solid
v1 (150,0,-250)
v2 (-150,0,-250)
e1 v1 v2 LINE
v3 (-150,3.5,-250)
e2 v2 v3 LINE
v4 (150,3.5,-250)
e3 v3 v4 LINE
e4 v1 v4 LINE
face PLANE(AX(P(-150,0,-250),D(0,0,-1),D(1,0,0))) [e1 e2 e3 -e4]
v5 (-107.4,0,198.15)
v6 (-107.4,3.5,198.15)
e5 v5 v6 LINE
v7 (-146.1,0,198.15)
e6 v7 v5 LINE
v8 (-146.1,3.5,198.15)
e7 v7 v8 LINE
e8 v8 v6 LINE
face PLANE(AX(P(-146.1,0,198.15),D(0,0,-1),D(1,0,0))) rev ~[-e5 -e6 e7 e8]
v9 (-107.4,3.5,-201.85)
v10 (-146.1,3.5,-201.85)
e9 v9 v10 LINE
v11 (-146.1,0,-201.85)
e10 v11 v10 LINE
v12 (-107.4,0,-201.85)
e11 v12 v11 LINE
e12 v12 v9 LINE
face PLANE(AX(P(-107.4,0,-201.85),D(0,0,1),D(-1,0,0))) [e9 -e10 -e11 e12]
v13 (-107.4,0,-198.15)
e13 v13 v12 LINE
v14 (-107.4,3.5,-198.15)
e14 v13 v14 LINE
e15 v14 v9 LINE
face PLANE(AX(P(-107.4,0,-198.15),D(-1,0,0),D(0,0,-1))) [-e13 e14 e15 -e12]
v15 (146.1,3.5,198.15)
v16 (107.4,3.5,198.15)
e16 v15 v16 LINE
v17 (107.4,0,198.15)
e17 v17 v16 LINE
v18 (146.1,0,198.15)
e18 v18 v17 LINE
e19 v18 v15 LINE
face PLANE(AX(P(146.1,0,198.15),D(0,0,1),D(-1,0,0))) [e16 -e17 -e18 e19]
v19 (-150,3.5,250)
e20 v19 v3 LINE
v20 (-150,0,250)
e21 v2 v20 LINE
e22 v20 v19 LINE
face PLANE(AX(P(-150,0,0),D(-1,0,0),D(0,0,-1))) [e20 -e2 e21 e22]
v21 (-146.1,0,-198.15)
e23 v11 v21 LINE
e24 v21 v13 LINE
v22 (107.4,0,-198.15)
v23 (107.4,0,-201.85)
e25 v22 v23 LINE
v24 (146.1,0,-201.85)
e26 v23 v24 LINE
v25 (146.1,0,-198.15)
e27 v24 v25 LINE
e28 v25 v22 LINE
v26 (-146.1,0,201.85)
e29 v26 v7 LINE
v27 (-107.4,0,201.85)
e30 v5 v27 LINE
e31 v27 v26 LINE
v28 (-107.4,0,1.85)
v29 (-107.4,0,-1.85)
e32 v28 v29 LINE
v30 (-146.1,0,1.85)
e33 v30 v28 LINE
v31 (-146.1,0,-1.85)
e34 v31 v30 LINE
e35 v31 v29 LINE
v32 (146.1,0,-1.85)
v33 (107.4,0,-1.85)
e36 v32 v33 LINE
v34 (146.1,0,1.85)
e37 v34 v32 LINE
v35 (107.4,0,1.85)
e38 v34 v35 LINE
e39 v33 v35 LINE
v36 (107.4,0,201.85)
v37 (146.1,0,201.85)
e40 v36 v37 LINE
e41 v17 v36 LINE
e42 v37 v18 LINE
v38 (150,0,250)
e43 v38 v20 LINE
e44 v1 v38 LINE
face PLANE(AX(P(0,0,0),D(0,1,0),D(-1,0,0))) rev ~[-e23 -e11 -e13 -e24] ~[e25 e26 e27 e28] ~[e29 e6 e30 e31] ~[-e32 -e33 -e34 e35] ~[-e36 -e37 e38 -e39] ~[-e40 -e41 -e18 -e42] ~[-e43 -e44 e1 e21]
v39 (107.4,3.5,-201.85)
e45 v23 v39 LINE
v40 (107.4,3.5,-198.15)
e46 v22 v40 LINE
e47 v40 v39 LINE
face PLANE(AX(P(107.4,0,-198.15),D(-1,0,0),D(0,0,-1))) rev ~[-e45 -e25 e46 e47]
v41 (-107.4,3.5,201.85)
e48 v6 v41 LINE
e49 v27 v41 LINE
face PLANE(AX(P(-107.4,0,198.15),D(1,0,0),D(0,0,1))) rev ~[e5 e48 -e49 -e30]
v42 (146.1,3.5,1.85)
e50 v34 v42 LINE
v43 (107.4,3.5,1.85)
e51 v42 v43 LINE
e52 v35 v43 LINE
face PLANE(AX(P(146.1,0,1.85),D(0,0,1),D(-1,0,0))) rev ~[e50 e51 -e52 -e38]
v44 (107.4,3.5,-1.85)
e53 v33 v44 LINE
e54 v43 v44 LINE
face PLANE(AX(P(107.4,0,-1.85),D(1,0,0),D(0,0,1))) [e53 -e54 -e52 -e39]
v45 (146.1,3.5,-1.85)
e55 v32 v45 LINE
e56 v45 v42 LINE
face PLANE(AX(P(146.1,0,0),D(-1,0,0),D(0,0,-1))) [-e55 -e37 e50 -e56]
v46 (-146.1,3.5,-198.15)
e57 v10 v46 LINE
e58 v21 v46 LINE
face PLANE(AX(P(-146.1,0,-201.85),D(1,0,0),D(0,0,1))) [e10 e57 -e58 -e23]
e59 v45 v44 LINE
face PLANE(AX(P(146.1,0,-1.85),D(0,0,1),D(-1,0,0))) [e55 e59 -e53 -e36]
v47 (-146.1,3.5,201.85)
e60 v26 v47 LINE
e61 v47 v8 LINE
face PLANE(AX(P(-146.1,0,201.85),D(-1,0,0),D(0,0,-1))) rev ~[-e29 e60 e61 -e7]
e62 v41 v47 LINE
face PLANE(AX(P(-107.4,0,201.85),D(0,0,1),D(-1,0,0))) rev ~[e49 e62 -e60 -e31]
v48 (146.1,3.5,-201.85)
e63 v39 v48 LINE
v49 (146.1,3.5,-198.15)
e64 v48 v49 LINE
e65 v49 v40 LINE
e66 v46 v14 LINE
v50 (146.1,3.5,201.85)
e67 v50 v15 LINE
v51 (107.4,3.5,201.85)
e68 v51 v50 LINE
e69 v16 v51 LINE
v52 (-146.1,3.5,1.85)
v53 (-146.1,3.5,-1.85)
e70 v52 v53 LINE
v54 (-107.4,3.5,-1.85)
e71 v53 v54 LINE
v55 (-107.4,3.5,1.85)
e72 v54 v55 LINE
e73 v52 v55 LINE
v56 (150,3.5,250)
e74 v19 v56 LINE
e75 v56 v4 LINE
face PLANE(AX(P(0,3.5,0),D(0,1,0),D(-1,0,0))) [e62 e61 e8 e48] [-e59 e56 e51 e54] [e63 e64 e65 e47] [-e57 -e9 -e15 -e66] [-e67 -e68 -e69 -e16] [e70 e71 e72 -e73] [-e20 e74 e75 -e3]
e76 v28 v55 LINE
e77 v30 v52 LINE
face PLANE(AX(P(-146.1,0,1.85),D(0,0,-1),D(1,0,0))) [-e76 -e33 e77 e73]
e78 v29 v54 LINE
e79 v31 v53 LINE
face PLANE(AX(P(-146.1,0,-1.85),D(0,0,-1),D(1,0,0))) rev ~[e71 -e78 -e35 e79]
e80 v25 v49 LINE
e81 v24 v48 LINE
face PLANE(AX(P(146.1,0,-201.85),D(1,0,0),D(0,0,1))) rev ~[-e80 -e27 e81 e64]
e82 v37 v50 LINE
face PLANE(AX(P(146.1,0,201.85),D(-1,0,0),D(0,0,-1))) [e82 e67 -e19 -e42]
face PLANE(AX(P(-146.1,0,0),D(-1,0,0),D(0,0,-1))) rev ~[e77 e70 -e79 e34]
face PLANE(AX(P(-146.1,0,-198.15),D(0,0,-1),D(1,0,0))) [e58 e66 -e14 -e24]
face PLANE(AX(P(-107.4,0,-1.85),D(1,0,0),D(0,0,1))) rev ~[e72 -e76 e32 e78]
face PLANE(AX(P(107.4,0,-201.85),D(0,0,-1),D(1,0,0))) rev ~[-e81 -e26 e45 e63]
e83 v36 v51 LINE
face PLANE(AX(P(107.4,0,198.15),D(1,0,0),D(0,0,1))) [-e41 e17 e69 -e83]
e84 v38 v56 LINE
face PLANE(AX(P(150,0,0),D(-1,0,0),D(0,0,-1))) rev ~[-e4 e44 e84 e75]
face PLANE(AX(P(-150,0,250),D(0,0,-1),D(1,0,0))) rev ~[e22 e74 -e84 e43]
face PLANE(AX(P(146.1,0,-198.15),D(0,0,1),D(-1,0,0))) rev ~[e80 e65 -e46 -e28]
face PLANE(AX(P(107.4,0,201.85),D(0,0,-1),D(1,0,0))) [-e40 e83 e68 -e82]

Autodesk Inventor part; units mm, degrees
ref_plane "YZ Plane" through (0, 0, 0) normal (1, 0, 0) x (0, 1, 0)
ref_plane "XZ Plane" through (0, 0, 0) normal (0, 1, 0) x (-1, 0, 0)
ref_plane "XY Plane" through (0, 0, 0) normal (0, 0, 1) x (1, 0, 0)
sketch "스케치1" plane through (0, 0, 0) normal (0, 1, 0) x (-1, 0, 0)
  line L0 (150, 0) -> (150, -250)
  line L1 (150, -250) -> (0, -250)
  line L2 (210, 0) -> (-210, 0) projected
  line L3 (0, -350) -> (0, 350) projected
  line L4 (100, 0) -> (100, -250) construction
  line L5 (107.4, -198.15) -> (107.4, -201.85)
  line L6 (107.4, -201.85) -> (146.1, -201.85)
  line L7 (146.1, -198.15) -> (107.4, -198.15)
  line L8 (146.1, -201.85) -> (146.1, -198.15)
  line L9 (146.1, 0) -> (146.1, -1.85)
  line L10 (146.1, -1.85) -> (107.4, -1.85)
  line L11 (107.4, -1.85) -> (107.4, 0)
  line L12 (150, 0) -> (150, 250)
  line L13 (150, 250) -> (0, 250)
  line L14 (100, 0) -> (100, 250) construction
  line L15 (146.1, 198.15) -> (107.4, 198.15)
  line L16 (146.1, 201.85) -> (146.1, 198.15)
  line L17 (107.4, 201.85) -> (146.1, 201.85)
  line L18 (107.4, 198.15) -> (107.4, 201.85)
  line L19 (146.1, 0) -> (146.1, 1.85)
  line L20 (146.1, 1.85) -> (107.4, 1.85)
  line L21 (107.4, 1.85) -> (107.4, 0)
  line L22 (-150, 0) -> (-150, -250)
  line L23 (-150, -250) -> (0, -250)
  line L24 (-100, 0) -> (-100, -250) construction
  line L25 (-146.1, -198.15) -> (-107.4, -198.15)
  line L26 (-146.1, -201.85) -> (-146.1, -198.15)
  line L27 (-107.4, -201.85) -> (-146.1, -201.85)
  line L28 (-107.4, -198.15) -> (-107.4, -201.85)
  line L29 (-146.1, 0) -> (-146.1, -1.85)
  line L30 (-146.1, -1.85) -> (-107.4, -1.85)
  line L31 (-107.4, -1.85) -> (-107.4, 0)
  line L32 (-146.1, 1.85) -> (-107.4, 1.85)
  line L33 (-146.1, 0) -> (-146.1, 1.85)
  line L34 (-107.4, 1.85) -> (-107.4, 0)
  line L35 (-100, 0) -> (-100, 250) construction
  line L36 (-150, 0) -> (-150, 250)
  line L37 (-146.1, 198.15) -> (-107.4, 198.15)
  line L38 (-107.4, 198.15) -> (-107.4, 201.85)
  line L39 (-146.1, 201.85) -> (-146.1, 198.15)
  line L40 (-107.4, 201.85) -> (-146.1, 201.85)
  line L41 (-150, 250) -> (0, 250)
  point P0 (0, 0)
  dimension "d2" = 250
  dimension "d3" = 150
  dimension "d4" = 50
  dimension "d13" = 38.7
  dimension "d14" = 3.7
  dimension "d15" = 48.15
  dimension "d16" = 1.85
  dimension "d17" = 38.7
  dimension "d18" = 7.4
  dimension "d19" = 7.4
extrude "돌출1" add sketch "스케치1" along normal blind 3.5 contours L0 L1 L3 L2 L11 L10 L9 | L2 L19 L20 L21 L3 L13 L12 | L23 L22 L2 L29 L30 L31 L3 | L3 L2 L34 L32 L33 L36 L41
properties part number "부품1"
